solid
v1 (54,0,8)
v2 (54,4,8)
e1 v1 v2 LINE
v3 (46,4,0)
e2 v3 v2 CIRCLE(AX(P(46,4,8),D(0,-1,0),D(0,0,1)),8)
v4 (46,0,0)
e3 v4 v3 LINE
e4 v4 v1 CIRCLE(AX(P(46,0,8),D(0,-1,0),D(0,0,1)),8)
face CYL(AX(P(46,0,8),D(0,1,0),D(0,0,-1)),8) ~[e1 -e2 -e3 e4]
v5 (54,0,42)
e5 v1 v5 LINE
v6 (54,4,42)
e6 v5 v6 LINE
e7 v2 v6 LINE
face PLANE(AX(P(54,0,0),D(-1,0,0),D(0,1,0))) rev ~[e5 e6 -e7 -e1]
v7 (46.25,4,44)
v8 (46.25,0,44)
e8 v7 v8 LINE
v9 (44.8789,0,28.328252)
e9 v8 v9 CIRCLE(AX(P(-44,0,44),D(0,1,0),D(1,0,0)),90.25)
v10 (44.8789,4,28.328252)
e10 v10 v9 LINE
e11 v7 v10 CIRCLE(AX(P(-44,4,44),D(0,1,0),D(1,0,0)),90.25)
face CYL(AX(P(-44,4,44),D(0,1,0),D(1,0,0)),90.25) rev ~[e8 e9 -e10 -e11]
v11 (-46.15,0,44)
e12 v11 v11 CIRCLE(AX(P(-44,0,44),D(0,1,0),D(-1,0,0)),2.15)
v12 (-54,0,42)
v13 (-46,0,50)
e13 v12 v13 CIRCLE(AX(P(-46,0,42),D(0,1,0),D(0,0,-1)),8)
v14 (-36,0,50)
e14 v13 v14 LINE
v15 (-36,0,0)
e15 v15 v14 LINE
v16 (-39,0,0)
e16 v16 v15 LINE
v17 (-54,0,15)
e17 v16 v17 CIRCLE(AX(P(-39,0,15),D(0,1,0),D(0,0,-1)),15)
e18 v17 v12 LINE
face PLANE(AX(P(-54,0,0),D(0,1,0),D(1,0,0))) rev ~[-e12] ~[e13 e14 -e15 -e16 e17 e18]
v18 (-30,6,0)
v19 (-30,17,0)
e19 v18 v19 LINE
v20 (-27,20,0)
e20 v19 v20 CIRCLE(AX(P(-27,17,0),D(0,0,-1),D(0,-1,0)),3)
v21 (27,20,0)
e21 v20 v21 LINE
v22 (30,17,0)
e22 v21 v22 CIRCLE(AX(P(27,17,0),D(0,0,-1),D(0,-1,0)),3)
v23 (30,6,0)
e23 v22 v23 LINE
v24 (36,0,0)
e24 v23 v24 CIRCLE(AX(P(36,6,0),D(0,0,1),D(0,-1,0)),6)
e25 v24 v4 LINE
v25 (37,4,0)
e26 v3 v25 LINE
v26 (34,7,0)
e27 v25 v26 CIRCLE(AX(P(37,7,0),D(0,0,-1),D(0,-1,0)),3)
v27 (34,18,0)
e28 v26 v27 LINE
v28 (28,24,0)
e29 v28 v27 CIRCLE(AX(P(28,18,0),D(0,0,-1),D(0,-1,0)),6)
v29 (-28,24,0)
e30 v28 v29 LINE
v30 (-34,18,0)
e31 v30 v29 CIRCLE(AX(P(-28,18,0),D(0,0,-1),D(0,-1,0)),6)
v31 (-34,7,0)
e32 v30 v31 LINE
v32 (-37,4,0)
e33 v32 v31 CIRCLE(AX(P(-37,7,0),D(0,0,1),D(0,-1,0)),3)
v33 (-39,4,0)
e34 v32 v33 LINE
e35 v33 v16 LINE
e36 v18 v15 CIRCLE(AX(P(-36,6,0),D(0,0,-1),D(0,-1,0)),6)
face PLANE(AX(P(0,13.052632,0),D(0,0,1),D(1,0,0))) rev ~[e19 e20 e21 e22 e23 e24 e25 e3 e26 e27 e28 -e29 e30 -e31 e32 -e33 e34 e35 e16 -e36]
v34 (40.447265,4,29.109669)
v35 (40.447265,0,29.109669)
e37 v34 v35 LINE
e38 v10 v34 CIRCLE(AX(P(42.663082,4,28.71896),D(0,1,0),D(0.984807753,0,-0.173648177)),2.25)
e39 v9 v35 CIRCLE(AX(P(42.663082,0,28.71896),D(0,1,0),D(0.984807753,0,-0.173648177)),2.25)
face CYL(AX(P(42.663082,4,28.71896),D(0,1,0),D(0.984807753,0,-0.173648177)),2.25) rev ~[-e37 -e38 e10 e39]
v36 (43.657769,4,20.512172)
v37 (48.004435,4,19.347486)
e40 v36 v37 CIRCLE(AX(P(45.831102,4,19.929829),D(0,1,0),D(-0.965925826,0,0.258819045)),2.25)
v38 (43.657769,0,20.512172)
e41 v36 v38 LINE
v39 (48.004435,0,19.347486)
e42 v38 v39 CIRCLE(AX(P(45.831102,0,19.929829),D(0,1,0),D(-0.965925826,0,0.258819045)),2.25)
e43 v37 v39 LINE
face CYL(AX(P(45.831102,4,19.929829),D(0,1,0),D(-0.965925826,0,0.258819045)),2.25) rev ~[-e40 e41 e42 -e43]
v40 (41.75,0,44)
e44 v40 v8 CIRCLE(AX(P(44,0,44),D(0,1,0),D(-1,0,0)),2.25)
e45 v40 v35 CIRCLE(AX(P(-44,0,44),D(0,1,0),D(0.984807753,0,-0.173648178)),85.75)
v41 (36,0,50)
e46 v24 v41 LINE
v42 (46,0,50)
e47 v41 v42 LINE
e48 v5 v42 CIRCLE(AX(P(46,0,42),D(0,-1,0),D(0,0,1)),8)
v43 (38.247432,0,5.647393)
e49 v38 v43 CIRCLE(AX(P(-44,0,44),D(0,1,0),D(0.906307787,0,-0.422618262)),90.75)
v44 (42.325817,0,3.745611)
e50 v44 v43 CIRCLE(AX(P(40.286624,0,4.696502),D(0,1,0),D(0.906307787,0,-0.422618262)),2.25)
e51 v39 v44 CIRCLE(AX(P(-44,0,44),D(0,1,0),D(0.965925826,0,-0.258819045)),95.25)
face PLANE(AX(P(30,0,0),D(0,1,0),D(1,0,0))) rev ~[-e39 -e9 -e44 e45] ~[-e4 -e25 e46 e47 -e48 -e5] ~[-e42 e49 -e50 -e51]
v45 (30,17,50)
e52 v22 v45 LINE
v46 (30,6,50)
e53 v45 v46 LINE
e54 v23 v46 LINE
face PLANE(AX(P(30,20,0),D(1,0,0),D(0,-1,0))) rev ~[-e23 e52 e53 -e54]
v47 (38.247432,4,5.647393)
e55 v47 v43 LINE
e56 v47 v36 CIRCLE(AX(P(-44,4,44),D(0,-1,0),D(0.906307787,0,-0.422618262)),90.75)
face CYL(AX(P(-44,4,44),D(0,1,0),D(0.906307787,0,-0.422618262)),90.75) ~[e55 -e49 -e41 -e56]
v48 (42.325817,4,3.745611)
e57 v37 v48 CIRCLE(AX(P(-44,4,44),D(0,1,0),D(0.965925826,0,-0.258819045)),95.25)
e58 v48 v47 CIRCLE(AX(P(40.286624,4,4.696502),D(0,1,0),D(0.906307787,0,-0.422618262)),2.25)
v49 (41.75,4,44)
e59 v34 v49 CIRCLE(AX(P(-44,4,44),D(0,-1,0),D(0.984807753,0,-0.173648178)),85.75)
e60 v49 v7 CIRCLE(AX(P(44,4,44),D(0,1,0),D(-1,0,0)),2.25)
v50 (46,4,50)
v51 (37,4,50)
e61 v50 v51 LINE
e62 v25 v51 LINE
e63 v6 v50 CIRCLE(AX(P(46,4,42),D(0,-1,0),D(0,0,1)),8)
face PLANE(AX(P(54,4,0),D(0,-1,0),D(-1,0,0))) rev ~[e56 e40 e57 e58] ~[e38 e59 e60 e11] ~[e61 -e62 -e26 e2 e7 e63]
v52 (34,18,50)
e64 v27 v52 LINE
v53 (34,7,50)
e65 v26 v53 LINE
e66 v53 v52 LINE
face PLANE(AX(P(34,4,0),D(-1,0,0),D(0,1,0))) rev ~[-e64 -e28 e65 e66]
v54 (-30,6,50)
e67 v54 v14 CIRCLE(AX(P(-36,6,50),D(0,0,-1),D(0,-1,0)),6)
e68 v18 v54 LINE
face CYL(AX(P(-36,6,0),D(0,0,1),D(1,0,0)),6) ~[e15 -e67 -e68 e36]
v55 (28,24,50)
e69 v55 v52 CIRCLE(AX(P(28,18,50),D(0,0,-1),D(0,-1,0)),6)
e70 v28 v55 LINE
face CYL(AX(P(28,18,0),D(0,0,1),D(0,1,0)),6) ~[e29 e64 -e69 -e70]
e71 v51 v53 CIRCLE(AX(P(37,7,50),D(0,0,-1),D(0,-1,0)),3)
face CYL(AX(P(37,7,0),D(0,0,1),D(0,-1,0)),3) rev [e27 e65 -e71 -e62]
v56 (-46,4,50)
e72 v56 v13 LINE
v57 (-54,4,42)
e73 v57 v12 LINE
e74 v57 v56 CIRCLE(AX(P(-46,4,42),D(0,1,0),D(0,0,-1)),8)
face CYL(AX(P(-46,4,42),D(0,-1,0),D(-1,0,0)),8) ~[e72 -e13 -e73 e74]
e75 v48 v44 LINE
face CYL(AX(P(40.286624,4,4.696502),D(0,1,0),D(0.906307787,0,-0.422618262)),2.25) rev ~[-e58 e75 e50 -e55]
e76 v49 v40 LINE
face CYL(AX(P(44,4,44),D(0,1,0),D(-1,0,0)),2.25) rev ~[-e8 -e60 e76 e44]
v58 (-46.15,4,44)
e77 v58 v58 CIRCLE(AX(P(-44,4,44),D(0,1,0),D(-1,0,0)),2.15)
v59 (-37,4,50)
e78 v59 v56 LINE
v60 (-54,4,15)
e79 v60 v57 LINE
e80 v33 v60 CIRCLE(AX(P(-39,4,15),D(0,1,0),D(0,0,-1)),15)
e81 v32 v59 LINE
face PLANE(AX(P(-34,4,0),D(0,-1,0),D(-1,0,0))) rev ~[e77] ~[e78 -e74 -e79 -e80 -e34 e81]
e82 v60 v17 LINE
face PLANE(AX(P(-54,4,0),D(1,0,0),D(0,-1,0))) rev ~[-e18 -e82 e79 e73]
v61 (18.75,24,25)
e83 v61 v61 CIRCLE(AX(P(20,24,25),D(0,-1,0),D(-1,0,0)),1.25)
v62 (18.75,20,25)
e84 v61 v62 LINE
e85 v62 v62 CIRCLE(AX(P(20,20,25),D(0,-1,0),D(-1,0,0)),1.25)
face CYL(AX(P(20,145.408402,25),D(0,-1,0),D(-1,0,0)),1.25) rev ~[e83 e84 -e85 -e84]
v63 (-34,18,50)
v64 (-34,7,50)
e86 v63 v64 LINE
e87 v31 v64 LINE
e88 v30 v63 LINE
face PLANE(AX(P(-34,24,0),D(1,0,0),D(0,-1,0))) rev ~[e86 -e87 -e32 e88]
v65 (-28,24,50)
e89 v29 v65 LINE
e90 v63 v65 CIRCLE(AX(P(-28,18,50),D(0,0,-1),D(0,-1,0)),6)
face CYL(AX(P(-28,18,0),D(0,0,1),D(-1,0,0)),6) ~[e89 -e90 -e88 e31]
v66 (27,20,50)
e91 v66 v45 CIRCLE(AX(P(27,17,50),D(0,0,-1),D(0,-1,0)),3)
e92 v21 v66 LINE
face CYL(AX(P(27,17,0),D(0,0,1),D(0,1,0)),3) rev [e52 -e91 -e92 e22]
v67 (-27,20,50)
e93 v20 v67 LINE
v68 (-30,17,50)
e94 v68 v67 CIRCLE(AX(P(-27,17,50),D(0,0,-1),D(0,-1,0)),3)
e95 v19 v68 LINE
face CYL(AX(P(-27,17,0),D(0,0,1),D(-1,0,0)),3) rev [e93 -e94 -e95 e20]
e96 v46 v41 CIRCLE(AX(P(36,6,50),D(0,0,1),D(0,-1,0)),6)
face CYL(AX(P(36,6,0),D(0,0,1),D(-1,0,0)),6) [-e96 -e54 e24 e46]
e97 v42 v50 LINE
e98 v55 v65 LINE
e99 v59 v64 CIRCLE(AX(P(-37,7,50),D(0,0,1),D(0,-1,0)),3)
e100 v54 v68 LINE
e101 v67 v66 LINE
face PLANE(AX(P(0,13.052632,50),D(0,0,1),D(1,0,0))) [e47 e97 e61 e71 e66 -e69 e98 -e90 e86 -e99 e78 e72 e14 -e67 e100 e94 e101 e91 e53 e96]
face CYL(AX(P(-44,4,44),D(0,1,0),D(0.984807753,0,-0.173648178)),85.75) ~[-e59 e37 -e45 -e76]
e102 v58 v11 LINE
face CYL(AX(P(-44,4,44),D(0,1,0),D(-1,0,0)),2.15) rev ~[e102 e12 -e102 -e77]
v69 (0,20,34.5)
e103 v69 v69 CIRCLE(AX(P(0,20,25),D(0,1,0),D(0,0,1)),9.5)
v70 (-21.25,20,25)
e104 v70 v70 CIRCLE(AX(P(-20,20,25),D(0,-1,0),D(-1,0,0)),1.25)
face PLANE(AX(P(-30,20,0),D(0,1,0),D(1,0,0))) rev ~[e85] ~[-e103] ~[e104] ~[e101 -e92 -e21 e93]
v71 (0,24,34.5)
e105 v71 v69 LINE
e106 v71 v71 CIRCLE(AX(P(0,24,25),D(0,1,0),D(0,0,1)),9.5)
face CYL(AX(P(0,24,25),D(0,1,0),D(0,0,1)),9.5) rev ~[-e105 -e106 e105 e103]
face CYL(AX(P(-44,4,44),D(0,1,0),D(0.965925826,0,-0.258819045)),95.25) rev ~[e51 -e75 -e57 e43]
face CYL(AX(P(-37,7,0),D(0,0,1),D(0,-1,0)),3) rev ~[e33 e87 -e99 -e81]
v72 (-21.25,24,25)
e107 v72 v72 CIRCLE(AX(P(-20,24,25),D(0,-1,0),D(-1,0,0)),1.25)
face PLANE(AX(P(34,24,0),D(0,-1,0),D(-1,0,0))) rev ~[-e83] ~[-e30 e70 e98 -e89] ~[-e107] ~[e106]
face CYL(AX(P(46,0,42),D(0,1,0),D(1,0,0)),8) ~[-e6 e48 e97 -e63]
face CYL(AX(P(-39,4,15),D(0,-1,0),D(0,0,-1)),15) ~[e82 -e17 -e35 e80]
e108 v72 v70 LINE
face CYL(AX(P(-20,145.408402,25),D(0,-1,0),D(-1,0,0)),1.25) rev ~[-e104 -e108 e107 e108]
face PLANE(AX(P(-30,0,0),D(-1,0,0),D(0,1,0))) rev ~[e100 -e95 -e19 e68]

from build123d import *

# Parameters (mm, degrees)
BOSS_EXTRUDE1_DEPTH = 50
SKETCH2_R           = 9.5
CUT_EXTRUDE1_DEPTH  = 10
M3_TAPPED_HOLE1_D   = 2.5
SKETCH7_R           = 2.15
CUT_EXTRUDE2_DEPTH  = 10
FILLET1_R           = 3
FILLET2_R           = 6
FILLET3_R           = 15
FILLET4_R           = 8


with BuildPart() as part:
    # Sketch1 → Boss-Extrude1 (new body)
    with BuildSketch(Plane.XY):
        Polygon((-54, 0), (-30, 0), (-30, 20), (30, 20), (30, 0), (54, 0), (54, 4), (34, 4), (34, 24), (-34, 24), (-34, 4), (-54, 4), align=None)
    extrude(amount=BOSS_EXTRUDE1_DEPTH)

    # Sketch2 → Cut-Extrude1 (cut)
    with BuildSketch(Plane(origin=(0, 24, 0), x_dir=(1, 0, 0), z_dir=(0, 1, 0))):
        with Locations((0, -25)):
            Circle(SKETCH2_R)
    extrude(amount=-CUT_EXTRUDE1_DEPTH, mode=Mode.SUBTRACT)

    # M3 Tapped Hole1 (through all)
    with Locations(Plane(origin=(0, 24, 0), x_dir=(1, 0, 0), z_dir=(0, 1, 0))):
        with Locations((20, -25), (-20, -25)):
            Hole(M3_TAPPED_HOLE1_D / 2)

    # Sketch7 → Cut-Extrude2 (cut)
    with BuildSketch(Plane(origin=(0, 4, 0), x_dir=(1, 0, 0), z_dir=(0, 1, 0))):
        with Locations((-44, -44)):
            Circle(SKETCH7_R)
        with BuildLine():
            ThreePointArc((46.25, -44), (45.906571503, -36.134194217), (44.878899709, -28.328251966))
            ThreePointArc((44.878899709, -28.328251966), (42.272373865, -26.503142921), (40.447264821, -29.109668765))
            ThreePointArc((40.447264821, -29.109668765), (41.423695361, -36.526395059), (41.75, -44))
            ThreePointArc((41.75, -44), (44, -46.25), (46.25, -44))
        make_face()
        with BuildLine():
            ThreePointArc((48.004434954, -19.347485954), (45.50572213, -11.422581348), (42.325816715, -3.745610569))
            ThreePointArc((42.325816715, -3.745610569), (39.335733105, -2.657309137), (38.247431674, -5.647392747))
            ThreePointArc((38.247431674, -5.647392747), (41.277105336, -12.961671993), (43.657768736, -20.512171657))
            ThreePointArc((43.657768736, -20.512171657), (46.413444696, -22.103161915), (48.004434954, -19.347485954))
        make_face()
    extrude(amount=-CUT_EXTRUDE2_DEPTH, mode=Mode.SUBTRACT)

    # Fillet1
    fillet1_edges = [part.edges().sort_by_distance(p)[0] for p in [
        (34, 4, 25),
        (30, 20, 25),
        (-30, 20, 25),
        (-34, 4, 25),
    ]]
    fillet(fillet1_edges, radius=FILLET1_R)

    # Fillet2
    fillet2_edges = [part.edges().sort_by_distance(p)[0] for p in [
        (30, 0, 25),
        (34, 24, 25),
        (-30, 0, 25),
        (-34, 24, 25),
    ]]
    fillet(fillet2_edges, radius=FILLET2_R)

    # Fillet3
    fillet3_edges = [part.edges().sort_by_distance(p)[0] for p in [
        (-54, 2, 0),
    ]]
    fillet(fillet3_edges, radius=FILLET3_R)

    # Fillet4
    fillet4_edges = [part.edges().sort_by_distance(p)[0] for p in [
        (-54, 2, 50),
        (54, 2, 50),
        (54, 2, 0),
    ]]
    fillet(fillet4_edges, radius=FILLET4_R)


solid = part.part
